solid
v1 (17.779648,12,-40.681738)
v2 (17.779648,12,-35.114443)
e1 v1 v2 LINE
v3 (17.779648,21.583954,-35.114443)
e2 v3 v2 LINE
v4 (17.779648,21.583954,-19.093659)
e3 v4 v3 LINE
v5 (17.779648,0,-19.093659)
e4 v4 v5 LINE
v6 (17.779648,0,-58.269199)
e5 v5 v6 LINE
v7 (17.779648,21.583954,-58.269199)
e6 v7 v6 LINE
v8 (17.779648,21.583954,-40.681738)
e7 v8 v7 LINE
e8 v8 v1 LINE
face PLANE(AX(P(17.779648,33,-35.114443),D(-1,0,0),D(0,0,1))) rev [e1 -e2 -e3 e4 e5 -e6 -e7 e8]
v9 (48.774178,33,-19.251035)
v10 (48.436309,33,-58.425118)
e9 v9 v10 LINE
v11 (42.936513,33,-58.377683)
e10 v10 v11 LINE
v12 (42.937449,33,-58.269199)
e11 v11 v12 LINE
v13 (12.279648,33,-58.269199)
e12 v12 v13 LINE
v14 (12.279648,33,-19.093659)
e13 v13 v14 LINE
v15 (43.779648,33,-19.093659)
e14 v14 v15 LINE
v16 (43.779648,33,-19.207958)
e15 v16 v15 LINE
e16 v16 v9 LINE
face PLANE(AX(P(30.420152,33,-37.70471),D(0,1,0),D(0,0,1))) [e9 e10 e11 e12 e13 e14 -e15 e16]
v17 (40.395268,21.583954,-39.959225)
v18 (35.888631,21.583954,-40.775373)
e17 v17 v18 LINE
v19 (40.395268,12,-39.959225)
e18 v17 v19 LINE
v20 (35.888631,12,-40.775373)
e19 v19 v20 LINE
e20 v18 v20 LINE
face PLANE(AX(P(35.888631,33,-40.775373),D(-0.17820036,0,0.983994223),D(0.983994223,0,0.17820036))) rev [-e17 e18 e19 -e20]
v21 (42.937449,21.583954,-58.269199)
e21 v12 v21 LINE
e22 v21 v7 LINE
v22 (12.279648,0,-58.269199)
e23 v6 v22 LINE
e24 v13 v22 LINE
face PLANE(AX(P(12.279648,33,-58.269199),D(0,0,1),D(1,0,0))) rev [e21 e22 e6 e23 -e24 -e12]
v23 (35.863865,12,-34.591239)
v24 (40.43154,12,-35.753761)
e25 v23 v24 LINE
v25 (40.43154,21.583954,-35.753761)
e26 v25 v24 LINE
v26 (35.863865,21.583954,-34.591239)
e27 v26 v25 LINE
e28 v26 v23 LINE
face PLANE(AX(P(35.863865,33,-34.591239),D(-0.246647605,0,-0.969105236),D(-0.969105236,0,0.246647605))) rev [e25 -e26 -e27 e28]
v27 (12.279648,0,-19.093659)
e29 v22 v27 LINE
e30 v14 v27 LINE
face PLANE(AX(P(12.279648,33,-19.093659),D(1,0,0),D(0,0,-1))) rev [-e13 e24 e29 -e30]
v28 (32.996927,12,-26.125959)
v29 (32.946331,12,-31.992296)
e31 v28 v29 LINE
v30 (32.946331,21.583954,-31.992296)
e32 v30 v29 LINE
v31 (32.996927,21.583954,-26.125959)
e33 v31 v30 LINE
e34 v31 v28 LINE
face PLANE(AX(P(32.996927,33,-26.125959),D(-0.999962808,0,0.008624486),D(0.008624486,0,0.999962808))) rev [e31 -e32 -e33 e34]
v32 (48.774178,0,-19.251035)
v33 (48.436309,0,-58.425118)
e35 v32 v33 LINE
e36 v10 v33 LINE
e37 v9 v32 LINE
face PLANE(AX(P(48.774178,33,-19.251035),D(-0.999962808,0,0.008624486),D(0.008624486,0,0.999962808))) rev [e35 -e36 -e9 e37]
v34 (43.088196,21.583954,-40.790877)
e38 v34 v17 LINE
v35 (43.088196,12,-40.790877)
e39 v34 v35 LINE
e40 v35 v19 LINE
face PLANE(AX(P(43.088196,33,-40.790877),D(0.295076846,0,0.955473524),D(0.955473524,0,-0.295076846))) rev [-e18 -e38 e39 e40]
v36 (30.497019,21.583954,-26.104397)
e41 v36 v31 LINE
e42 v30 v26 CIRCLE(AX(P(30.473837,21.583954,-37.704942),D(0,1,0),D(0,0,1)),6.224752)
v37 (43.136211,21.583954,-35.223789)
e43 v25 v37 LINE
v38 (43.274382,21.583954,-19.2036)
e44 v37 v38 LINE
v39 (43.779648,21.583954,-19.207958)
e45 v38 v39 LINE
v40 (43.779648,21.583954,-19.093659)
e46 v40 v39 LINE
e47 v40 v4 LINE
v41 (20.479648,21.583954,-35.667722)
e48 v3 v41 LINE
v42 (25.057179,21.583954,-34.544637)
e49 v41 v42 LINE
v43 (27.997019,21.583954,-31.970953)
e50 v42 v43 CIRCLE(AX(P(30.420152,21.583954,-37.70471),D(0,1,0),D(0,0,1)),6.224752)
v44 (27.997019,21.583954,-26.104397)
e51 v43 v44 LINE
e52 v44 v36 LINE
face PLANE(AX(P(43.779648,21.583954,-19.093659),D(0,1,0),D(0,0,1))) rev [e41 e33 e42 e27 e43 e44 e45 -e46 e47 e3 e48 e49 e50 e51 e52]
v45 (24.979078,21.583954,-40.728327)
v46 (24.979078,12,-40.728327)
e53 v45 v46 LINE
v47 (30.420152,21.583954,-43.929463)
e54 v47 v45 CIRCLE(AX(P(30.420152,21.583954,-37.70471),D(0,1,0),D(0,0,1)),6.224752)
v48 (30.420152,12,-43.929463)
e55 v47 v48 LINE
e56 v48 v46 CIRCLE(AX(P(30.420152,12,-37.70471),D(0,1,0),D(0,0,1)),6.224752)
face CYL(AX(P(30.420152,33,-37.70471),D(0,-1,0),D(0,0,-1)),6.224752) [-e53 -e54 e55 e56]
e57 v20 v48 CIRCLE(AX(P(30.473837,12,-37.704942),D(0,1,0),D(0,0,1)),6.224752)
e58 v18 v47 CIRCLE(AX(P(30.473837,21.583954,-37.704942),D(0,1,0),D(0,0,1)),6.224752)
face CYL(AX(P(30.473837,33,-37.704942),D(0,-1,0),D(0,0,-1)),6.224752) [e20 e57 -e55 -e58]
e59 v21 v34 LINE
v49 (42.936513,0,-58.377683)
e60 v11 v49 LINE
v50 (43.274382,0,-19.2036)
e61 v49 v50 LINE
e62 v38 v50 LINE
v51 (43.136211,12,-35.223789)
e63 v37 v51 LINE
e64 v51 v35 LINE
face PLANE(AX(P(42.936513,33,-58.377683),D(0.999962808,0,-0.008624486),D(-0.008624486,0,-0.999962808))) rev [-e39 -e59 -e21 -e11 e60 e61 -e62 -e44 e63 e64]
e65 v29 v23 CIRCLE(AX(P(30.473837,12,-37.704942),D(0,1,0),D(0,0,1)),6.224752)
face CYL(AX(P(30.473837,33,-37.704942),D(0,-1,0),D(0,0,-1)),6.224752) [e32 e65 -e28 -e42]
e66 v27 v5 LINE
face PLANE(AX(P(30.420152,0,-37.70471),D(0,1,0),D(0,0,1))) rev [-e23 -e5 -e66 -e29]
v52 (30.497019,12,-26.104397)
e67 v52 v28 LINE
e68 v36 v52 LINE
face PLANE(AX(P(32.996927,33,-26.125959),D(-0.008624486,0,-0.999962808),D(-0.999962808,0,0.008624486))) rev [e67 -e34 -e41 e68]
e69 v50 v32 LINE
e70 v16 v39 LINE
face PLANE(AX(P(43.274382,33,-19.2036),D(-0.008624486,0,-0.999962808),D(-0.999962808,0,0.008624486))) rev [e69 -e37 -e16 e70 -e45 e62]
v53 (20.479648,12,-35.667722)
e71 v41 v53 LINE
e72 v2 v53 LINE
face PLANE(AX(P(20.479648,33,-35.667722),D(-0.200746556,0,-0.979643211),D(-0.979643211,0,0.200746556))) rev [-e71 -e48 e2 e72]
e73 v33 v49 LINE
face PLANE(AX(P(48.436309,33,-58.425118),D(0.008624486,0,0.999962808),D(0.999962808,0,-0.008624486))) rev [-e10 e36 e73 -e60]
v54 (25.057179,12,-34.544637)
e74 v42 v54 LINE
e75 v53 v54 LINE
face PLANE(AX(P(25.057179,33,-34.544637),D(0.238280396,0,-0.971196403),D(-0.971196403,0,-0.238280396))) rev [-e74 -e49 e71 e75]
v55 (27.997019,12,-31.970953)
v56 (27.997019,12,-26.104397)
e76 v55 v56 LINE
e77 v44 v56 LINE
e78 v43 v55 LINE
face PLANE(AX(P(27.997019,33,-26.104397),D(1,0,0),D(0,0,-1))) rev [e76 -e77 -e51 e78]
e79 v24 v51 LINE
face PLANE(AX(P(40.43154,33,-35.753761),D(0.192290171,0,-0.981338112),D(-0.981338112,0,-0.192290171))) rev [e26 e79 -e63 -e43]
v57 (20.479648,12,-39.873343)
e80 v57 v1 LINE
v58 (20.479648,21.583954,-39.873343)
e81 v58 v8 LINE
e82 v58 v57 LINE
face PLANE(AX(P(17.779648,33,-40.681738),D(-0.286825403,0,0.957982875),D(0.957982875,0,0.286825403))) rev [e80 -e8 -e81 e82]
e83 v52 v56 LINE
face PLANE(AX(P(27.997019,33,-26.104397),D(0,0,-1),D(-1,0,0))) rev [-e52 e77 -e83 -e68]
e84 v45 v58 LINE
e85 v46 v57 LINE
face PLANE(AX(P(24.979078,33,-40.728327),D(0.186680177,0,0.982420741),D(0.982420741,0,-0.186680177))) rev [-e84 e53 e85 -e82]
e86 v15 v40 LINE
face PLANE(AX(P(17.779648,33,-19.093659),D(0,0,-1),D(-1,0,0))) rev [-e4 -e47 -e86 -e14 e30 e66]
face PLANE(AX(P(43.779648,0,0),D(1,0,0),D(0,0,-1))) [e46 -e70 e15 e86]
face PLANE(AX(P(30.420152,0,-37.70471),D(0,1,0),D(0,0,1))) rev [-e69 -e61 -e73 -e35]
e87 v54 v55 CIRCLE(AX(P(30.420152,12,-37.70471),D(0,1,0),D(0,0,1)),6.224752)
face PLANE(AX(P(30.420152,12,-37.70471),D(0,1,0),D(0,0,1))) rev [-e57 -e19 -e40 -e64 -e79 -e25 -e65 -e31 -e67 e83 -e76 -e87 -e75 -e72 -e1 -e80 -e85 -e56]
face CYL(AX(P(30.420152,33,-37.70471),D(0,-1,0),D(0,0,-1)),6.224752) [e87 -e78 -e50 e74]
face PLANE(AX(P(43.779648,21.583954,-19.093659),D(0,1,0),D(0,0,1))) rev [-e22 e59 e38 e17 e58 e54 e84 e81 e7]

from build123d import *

# Parameters (mm, degrees)
BOSS_EXTRUDE1_DEPTH     = 33
CUT_EXTRUDE1_DEPTH      = 83.954293528
CUT_EXTRUDE1_DEPTH_BACK = 12
SKETCH3_W               = 9.481209811
SKETCH3_H               = 17.021727652
CUT_EXTRUDE2_DEPTH      = 22
SKETCH6_W               = 39.175540074
SKETCH6_H               = 11.416045591
BOSS_EXTRUDE3_DEPTH     = 26


with BuildPart() as part:
    # Sketch1 → Boss-Extrude1 (new body)
    with BuildSketch(Plane(origin=(0, 0, 0), x_dir=(1, 0, 0), z_dir=(0, 1, 0))):
        with BuildLine():
            Line((27.99701897, 26.104397373), (30.497019389, 26.104397373))
            Line((30.497019389, 26.104397373), (32.996926828, 26.125958592))
            Line((32.996926828, 26.125958592), (32.946330796, 31.992296402))
            ThreePointArc((32.946330796, 31.992296402), (34.614300355, 33.056919945), (35.86386473, 34.591238885))
            Line((35.86386473, 34.591238885), (40.431539769, 35.753760832))
            Line((40.431539769, 35.753760832), (43.136211097, 35.223788843))
            Line((43.136211097, 35.223788843), (43.274382132, 19.203600277))
            Line((43.274382132, 19.203600277), (48.774177579, 19.251034952))
            Line((48.774177579, 19.251034952), (48.43630867, 58.425118026))
            Line((48.43630867, 58.425118026), (42.936513223, 58.377683351))
            Line((42.936513223, 58.377683351), (43.088196039, 40.790876563))
            Line((43.088196039, 40.790876563), (40.395268448, 39.959225491))
            Line((40.395268448, 39.959225491), (35.888631414, 40.775372904))
            ThreePointArc((35.888631414, 40.775372904), (33.583892359, 43.097075019), (30.420151943, 43.929462788))
            ThreePointArc((30.420151943, 43.929462788), (27.263708108, 43.06982034), (24.979078258, 40.728327384))
            Line((24.979078258, 40.728327384), (20.479647685, 39.873342894))
            Line((20.479647685, 39.873342894), (17.779647685, 40.681737919))
            Line((17.779647685, 40.681737919), (17.779647685, 58.269198812))
            Line((17.779647685, 58.269198812), (12.279647685, 58.269198812))
            Line((12.279647685, 58.269198812), (12.279647685, 19.093658738))
            Line((12.279647685, 19.093658738), (17.779647685, 19.093658738))
            Line((17.779647685, 19.093658738), (17.779647685, 35.114443143))
            Line((17.779647685, 35.114443143), (20.479647685, 35.667721822))
            Line((20.479647685, 35.667721822), (25.057179, 34.544636961))
            ThreePointArc((25.057179, 34.544636961), (26.319929615, 33.021151936), (27.99701897, 31.970953369))
            Line((27.99701897, 31.970953369), (27.99701897, 26.104397373))
        make_face()
    extrude(amount=BOSS_EXTRUDE1_DEPTH)

    # Sketch2 → Cut-Extrude1 (cut, two sides: drawn at the far end of the back side and taken through both)
    with BuildSketch(Plane.XZ.offset(-CUT_EXTRUDE1_DEPTH_BACK)):
        with BuildLine():
            Line((20.479647685, -35.667721822), (17.779647685, -35.114443143))
            Line((17.779647685, -35.114443143), (17.779647685, -40.681737919))
            Line((17.779647685, -40.681737919), (20.479647685, -39.873342894))
            Line((20.479647685, -39.873342894), (24.979078258, -40.728327384))
            ThreePointArc((24.979078258, -40.728327384), (27.263708108, -43.06982034), (30.420151943, -43.929462788))
            ThreePointArc((30.420151943, -43.929462788), (33.576595778, -43.084424394), (35.888631414, -40.775372904))
            Line((35.888631414, -40.775372904), (40.395268448, -39.959225491))
            Line((40.395268448, -39.959225491), (43.088196039, -40.790876563))
            Line((43.088196039, -40.790876563), (43.136211097, -35.223788843))
            Line((43.136211097, -35.223788843), (40.431539769, -35.753760832))
            Line((40.431539769, -35.753760832), (35.86386473, -34.591238885))
            ThreePointArc((35.86386473, -34.591238885), (34.614300355, -33.056919945), (32.946330796, -31.992296402))
            Line((32.946330796, -31.992296402), (32.996926828, -26.125958592))
            Line((32.996926828, -26.125958592), (27.99701897, -26.104397373))
            Line((27.99701897, -26.104397373), (27.99701897, -31.970953369))
            ThreePointArc((27.99701897, -31.970953369), (26.319929615, -33.021151936), (25.057179, -34.544636961))
            Line((25.057179, -34.544636961), (20.479647685, -35.667721822))
        make_face()
    extrude(amount=CUT_EXTRUDE1_DEPTH + CUT_EXTRUDE1_DEPTH_BACK, mode=Mode.SUBTRACT)

    # Sketch3 → Cut-Extrude2 (cut)
    with BuildSketch(Plane.XY.offset(-26.104397373)):
        with Locations((32.737623876, 3.489136174)):
            Rectangle(SKETCH3_W, SKETCH3_H)
    extrude(amount=-CUT_EXTRUDE2_DEPTH, mode=Mode.SUBTRACT)

    # Sketch6 → Boss-Extrude3 (add)
    with BuildSketch(Plane(origin=(17.779647685, 0, 0), x_dir=(0, 0, -1), z_dir=(1, 0, 0))):
        with Locations((38.681428775, 27.291977205)):
            Rectangle(SKETCH6_W, SKETCH6_H)
    extrude(amount=BOSS_EXTRUDE3_DEPTH)


solid = part.part
